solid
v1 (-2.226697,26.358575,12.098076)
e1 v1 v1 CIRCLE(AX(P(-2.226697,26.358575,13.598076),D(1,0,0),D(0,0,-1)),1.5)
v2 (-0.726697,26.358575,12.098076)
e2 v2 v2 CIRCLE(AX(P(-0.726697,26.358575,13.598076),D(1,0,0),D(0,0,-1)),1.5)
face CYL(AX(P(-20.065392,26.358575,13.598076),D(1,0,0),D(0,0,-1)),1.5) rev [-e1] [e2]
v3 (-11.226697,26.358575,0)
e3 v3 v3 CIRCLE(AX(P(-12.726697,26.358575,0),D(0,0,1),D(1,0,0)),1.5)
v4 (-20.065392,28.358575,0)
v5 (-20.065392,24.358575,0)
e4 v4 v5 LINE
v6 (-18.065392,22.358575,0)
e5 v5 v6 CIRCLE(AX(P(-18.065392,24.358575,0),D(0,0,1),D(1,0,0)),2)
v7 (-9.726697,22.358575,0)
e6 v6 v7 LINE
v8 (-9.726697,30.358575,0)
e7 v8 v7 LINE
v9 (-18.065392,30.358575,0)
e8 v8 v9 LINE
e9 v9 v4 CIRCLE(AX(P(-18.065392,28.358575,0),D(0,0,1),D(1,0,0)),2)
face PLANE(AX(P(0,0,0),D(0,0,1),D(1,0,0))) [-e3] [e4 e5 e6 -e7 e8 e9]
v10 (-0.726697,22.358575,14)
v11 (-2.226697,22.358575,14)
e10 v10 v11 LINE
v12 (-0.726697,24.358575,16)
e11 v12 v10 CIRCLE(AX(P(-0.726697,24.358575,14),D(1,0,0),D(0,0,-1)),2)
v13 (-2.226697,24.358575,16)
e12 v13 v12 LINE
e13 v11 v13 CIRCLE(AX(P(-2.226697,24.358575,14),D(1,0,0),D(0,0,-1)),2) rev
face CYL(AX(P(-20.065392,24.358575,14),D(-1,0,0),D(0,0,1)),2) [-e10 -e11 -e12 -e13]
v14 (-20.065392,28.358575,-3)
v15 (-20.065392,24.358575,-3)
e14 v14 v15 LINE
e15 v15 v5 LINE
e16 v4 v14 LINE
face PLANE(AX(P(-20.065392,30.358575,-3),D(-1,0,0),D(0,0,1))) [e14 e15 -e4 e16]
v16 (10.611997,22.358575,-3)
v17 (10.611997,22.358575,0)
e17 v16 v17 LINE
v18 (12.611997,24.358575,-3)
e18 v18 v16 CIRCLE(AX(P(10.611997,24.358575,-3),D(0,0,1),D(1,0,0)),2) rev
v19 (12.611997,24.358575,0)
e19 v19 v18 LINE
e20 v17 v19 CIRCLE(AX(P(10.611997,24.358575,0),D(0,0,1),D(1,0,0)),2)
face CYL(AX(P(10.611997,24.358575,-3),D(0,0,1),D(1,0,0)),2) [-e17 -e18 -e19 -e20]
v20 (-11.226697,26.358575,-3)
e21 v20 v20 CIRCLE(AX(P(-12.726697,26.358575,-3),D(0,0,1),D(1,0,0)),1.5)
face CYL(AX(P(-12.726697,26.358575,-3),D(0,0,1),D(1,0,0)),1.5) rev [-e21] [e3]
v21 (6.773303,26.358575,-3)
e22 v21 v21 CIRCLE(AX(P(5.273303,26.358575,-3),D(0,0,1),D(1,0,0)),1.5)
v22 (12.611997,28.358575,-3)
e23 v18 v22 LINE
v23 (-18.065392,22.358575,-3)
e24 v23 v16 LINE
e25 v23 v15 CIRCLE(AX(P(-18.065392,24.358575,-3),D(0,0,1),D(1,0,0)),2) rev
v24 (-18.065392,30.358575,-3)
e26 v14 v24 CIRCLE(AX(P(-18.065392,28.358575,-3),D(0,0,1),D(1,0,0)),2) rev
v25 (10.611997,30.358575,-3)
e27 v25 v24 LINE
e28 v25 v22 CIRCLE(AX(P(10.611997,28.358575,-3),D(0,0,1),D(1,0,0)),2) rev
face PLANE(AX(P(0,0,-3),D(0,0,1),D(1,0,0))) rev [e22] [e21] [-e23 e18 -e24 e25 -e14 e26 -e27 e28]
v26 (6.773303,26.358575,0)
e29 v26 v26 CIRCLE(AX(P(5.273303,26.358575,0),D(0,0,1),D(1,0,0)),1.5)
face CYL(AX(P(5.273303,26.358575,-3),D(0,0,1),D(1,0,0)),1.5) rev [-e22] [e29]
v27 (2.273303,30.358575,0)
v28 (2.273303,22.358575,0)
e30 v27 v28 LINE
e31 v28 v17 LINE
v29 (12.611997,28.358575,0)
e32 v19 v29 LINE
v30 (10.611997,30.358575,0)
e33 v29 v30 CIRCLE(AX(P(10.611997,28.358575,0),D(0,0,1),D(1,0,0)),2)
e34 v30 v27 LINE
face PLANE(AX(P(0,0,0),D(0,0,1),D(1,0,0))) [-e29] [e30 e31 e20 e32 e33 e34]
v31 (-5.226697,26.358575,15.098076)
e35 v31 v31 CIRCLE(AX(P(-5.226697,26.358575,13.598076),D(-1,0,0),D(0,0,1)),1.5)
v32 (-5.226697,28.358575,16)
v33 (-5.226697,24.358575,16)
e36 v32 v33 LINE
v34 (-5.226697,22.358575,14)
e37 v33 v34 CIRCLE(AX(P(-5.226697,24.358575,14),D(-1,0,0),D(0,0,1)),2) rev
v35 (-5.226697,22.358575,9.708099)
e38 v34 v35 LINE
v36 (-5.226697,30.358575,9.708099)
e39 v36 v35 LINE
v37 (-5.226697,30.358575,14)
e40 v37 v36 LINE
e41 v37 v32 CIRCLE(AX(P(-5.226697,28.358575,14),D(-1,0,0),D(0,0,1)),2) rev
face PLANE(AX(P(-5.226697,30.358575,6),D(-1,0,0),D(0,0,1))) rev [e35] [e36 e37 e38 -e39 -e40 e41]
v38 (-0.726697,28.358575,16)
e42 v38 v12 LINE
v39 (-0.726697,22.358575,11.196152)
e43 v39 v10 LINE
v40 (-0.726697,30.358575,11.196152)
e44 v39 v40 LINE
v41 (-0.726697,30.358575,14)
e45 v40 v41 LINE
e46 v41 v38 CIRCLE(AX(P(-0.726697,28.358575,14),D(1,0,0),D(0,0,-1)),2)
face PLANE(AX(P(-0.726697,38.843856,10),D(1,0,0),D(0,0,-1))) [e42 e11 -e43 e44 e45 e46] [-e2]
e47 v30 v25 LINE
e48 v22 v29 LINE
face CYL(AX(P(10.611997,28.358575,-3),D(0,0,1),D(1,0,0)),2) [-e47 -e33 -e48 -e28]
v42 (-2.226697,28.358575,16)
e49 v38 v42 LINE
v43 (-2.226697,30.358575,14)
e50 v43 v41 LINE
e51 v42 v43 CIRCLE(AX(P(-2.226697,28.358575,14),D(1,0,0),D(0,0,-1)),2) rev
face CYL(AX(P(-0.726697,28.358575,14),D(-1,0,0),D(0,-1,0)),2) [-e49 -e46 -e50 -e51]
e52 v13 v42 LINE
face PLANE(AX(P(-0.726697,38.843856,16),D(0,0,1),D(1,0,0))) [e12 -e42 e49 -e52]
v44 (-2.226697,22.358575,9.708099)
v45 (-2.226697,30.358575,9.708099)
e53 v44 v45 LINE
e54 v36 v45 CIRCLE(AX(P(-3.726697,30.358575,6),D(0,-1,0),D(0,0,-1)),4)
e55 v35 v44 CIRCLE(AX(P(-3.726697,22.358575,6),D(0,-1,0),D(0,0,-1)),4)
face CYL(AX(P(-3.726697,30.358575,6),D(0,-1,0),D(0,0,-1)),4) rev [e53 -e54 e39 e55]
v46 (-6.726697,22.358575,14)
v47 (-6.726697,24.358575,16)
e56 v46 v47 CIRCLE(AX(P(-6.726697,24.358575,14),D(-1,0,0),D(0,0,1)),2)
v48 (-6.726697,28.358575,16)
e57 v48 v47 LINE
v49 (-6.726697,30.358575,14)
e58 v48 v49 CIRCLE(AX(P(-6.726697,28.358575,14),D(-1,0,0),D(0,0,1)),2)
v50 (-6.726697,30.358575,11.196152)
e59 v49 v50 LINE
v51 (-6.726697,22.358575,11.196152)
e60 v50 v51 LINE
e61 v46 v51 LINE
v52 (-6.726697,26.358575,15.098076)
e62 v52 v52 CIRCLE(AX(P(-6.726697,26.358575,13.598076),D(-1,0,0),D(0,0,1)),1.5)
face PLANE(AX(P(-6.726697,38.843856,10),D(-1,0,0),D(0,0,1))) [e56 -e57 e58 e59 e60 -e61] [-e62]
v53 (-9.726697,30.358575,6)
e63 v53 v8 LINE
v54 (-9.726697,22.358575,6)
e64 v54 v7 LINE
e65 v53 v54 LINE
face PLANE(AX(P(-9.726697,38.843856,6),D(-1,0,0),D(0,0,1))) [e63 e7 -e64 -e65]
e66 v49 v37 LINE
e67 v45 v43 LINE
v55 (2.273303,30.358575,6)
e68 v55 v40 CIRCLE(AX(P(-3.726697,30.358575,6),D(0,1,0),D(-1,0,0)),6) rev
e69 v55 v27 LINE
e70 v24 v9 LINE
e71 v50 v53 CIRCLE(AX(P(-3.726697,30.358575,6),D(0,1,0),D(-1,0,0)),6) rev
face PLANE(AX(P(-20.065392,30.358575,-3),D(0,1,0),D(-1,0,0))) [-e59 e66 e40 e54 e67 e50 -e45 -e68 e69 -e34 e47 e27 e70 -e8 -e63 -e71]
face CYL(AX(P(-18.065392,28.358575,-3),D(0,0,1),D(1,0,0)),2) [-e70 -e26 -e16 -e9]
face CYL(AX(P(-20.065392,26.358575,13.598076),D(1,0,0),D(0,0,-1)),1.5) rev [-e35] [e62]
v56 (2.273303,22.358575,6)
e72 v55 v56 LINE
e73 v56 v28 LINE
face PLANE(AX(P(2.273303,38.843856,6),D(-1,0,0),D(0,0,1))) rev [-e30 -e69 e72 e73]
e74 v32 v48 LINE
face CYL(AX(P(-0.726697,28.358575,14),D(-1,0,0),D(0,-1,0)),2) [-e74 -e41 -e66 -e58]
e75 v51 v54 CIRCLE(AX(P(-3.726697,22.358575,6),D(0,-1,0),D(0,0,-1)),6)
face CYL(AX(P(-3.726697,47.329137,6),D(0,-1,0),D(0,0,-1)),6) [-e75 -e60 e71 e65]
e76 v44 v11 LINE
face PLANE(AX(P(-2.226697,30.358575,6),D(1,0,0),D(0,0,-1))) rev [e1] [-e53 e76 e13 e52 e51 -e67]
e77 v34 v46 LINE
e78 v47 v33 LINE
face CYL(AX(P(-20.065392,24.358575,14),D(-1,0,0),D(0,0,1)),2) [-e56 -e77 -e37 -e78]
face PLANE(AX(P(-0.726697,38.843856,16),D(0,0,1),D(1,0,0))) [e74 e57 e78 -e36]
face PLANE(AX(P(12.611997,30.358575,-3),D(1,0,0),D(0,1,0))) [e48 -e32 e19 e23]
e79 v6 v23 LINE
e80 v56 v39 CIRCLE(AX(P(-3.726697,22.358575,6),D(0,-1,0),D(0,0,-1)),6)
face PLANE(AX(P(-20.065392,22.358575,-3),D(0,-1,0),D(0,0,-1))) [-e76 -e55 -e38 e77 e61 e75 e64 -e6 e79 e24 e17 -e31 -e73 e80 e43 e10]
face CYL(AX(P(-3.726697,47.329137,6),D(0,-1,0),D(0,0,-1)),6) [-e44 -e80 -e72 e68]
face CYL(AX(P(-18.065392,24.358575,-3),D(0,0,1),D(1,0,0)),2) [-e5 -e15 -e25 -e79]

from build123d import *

# Parameters (mm, degrees)
SKETCH_1_W          = 32.677388302
SKETCH_1_H          = 8
EXTRUDE_1_DEPTH     = 3
SKETCH_2_R          = 1.5
CUT_EXTRUDE_1_DEPTH = 4
SKETCH_3_R          = 6
EXTRUDE_2_DEPTH     = 8
SKETCH_4_R          = 4
CUT_EXTRUDE_2_DEPTH = 9
EXTRUDE_3_DEPTH     = 8
SKETCH_6_W          = 6
SKETCH_6_H          = 6
EXTRUDE_4_DEPTH     = 8
SKETCH_8_W          = 3
SKETCH_8_H          = 10.466633743
CUT_EXTRUDE_5_DEPTH = 9
SKETCH_9_R          = 1.5
CUT_EXTRUDE_6_DEPTH = 20.338694151
FILLET_1_R          = 2
FILLET_2_R          = 2


with BuildPart() as part:
    # 草图1 → 凸台-拉伸1 (new body)
    with BuildSketch(Plane.XY):
        with Locations((-3.726697353, 26.358574689)):
            Rectangle(SKETCH_1_W, SKETCH_1_H)
    extrude(amount=-EXTRUDE_1_DEPTH)

    # 草图2 → 切除-拉伸1 (cut, through all)
    with BuildSketch(Plane.XY):
        with Locations((-12.726697353, 26.358574689)):
            Circle(SKETCH_2_R)
        with Locations((5.273302647, 26.358574689)):
            Circle(SKETCH_2_R)
    extrude(amount=-CUT_EXTRUDE_1_DEPTH, mode=Mode.SUBTRACT)



with BuildPart() as body_2:
    # 草图3 → 凸台-拉伸2 (new body)
    with BuildSketch(Plane.XZ.offset(-22.358574689)):
        with Locations((-3.726697353, 6)):
            Circle(SKETCH_3_R)
    extrude(amount=-EXTRUDE_2_DEPTH)

    # 草图4 → 切除-拉伸2 (cut, through all)
    with BuildSketch(Plane.XZ.offset(-22.358574689)):
        with Locations((-3.726697353, 6)):
            Circle(SKETCH_4_R)
    extrude(amount=-CUT_EXTRUDE_2_DEPTH, mode=Mode.SUBTRACT)


with BuildPart() as part_1:
    add(part.part)

    add(body_2.part)  # 凸台-拉伸3 merges body 2
    # 草图5 → 凸台-拉伸3 (add)
    with BuildSketch(Plane.XZ.offset(-22.358574689)):
        Polygon((-3.726697353, 0), (-9.726697353, 6), (-9.726697353, 0), align=None)
        Polygon((2.273302647, 6), (-3.726697353, 0), (2.273302647, 0), align=None)
    extrude(amount=-EXTRUDE_3_DEPTH)

    # 草图6 → 凸台-拉伸4 (add)
    with BuildSketch(Plane.XZ.offset(-22.358574689)):
        with Locations((-3.726697353, 13)):
            Rectangle(SKETCH_6_W, SKETCH_6_H)
    extrude(amount=-EXTRUDE_4_DEPTH)

    # 草图8 → 切除-拉伸5 (cut, through all)
    with BuildSketch(Plane.XZ.offset(-22.358574689)):
        with Locations((-3.726697353, 11.233316872)):
            Rectangle(SKETCH_8_W, SKETCH_8_H)
    extrude(amount=-CUT_EXTRUDE_5_DEPTH, mode=Mode.SUBTRACT)

    # 草图9 → 切除-拉伸6 (cut, through all)
    with BuildSketch(Plane(origin=(-0.726697353, 0, 0), x_dir=(0, 0, -1), z_dir=(1, 0, 0))):
        with Locations((-13.598076211, 26.358574689)):
            Circle(SKETCH_9_R)
    extrude(amount=-CUT_EXTRUDE_6_DEPTH, mode=Mode.SUBTRACT)

    # 圆角1
    fillet_1_edges = [part_1.edges().sort_by_distance(p)[0] for p in [
        (12.611996798, 22.358574689, -1.5),
        (-20.065391504, 22.358574689, -1.5),
        (-20.065391504, 30.358574689, -1.5),
        (12.611996798, 30.358574689, -1.5),
    ]]
    fillet(fillet_1_edges, radius=FILLET_1_R)

    # 圆角2
    fillet_2_edges = [part_1.edges().sort_by_distance(p)[0] for p in [
        (-1.476697353, 22.358574689, 16),
        (-1.476697353, 30.358574689, 16),
        (-5.976697353, 30.358574689, 16),
        (-5.976697353, 22.358574689, 16),
    ]]
    fillet(fillet_2_edges, radius=FILLET_2_R)


solid = part_1.part
